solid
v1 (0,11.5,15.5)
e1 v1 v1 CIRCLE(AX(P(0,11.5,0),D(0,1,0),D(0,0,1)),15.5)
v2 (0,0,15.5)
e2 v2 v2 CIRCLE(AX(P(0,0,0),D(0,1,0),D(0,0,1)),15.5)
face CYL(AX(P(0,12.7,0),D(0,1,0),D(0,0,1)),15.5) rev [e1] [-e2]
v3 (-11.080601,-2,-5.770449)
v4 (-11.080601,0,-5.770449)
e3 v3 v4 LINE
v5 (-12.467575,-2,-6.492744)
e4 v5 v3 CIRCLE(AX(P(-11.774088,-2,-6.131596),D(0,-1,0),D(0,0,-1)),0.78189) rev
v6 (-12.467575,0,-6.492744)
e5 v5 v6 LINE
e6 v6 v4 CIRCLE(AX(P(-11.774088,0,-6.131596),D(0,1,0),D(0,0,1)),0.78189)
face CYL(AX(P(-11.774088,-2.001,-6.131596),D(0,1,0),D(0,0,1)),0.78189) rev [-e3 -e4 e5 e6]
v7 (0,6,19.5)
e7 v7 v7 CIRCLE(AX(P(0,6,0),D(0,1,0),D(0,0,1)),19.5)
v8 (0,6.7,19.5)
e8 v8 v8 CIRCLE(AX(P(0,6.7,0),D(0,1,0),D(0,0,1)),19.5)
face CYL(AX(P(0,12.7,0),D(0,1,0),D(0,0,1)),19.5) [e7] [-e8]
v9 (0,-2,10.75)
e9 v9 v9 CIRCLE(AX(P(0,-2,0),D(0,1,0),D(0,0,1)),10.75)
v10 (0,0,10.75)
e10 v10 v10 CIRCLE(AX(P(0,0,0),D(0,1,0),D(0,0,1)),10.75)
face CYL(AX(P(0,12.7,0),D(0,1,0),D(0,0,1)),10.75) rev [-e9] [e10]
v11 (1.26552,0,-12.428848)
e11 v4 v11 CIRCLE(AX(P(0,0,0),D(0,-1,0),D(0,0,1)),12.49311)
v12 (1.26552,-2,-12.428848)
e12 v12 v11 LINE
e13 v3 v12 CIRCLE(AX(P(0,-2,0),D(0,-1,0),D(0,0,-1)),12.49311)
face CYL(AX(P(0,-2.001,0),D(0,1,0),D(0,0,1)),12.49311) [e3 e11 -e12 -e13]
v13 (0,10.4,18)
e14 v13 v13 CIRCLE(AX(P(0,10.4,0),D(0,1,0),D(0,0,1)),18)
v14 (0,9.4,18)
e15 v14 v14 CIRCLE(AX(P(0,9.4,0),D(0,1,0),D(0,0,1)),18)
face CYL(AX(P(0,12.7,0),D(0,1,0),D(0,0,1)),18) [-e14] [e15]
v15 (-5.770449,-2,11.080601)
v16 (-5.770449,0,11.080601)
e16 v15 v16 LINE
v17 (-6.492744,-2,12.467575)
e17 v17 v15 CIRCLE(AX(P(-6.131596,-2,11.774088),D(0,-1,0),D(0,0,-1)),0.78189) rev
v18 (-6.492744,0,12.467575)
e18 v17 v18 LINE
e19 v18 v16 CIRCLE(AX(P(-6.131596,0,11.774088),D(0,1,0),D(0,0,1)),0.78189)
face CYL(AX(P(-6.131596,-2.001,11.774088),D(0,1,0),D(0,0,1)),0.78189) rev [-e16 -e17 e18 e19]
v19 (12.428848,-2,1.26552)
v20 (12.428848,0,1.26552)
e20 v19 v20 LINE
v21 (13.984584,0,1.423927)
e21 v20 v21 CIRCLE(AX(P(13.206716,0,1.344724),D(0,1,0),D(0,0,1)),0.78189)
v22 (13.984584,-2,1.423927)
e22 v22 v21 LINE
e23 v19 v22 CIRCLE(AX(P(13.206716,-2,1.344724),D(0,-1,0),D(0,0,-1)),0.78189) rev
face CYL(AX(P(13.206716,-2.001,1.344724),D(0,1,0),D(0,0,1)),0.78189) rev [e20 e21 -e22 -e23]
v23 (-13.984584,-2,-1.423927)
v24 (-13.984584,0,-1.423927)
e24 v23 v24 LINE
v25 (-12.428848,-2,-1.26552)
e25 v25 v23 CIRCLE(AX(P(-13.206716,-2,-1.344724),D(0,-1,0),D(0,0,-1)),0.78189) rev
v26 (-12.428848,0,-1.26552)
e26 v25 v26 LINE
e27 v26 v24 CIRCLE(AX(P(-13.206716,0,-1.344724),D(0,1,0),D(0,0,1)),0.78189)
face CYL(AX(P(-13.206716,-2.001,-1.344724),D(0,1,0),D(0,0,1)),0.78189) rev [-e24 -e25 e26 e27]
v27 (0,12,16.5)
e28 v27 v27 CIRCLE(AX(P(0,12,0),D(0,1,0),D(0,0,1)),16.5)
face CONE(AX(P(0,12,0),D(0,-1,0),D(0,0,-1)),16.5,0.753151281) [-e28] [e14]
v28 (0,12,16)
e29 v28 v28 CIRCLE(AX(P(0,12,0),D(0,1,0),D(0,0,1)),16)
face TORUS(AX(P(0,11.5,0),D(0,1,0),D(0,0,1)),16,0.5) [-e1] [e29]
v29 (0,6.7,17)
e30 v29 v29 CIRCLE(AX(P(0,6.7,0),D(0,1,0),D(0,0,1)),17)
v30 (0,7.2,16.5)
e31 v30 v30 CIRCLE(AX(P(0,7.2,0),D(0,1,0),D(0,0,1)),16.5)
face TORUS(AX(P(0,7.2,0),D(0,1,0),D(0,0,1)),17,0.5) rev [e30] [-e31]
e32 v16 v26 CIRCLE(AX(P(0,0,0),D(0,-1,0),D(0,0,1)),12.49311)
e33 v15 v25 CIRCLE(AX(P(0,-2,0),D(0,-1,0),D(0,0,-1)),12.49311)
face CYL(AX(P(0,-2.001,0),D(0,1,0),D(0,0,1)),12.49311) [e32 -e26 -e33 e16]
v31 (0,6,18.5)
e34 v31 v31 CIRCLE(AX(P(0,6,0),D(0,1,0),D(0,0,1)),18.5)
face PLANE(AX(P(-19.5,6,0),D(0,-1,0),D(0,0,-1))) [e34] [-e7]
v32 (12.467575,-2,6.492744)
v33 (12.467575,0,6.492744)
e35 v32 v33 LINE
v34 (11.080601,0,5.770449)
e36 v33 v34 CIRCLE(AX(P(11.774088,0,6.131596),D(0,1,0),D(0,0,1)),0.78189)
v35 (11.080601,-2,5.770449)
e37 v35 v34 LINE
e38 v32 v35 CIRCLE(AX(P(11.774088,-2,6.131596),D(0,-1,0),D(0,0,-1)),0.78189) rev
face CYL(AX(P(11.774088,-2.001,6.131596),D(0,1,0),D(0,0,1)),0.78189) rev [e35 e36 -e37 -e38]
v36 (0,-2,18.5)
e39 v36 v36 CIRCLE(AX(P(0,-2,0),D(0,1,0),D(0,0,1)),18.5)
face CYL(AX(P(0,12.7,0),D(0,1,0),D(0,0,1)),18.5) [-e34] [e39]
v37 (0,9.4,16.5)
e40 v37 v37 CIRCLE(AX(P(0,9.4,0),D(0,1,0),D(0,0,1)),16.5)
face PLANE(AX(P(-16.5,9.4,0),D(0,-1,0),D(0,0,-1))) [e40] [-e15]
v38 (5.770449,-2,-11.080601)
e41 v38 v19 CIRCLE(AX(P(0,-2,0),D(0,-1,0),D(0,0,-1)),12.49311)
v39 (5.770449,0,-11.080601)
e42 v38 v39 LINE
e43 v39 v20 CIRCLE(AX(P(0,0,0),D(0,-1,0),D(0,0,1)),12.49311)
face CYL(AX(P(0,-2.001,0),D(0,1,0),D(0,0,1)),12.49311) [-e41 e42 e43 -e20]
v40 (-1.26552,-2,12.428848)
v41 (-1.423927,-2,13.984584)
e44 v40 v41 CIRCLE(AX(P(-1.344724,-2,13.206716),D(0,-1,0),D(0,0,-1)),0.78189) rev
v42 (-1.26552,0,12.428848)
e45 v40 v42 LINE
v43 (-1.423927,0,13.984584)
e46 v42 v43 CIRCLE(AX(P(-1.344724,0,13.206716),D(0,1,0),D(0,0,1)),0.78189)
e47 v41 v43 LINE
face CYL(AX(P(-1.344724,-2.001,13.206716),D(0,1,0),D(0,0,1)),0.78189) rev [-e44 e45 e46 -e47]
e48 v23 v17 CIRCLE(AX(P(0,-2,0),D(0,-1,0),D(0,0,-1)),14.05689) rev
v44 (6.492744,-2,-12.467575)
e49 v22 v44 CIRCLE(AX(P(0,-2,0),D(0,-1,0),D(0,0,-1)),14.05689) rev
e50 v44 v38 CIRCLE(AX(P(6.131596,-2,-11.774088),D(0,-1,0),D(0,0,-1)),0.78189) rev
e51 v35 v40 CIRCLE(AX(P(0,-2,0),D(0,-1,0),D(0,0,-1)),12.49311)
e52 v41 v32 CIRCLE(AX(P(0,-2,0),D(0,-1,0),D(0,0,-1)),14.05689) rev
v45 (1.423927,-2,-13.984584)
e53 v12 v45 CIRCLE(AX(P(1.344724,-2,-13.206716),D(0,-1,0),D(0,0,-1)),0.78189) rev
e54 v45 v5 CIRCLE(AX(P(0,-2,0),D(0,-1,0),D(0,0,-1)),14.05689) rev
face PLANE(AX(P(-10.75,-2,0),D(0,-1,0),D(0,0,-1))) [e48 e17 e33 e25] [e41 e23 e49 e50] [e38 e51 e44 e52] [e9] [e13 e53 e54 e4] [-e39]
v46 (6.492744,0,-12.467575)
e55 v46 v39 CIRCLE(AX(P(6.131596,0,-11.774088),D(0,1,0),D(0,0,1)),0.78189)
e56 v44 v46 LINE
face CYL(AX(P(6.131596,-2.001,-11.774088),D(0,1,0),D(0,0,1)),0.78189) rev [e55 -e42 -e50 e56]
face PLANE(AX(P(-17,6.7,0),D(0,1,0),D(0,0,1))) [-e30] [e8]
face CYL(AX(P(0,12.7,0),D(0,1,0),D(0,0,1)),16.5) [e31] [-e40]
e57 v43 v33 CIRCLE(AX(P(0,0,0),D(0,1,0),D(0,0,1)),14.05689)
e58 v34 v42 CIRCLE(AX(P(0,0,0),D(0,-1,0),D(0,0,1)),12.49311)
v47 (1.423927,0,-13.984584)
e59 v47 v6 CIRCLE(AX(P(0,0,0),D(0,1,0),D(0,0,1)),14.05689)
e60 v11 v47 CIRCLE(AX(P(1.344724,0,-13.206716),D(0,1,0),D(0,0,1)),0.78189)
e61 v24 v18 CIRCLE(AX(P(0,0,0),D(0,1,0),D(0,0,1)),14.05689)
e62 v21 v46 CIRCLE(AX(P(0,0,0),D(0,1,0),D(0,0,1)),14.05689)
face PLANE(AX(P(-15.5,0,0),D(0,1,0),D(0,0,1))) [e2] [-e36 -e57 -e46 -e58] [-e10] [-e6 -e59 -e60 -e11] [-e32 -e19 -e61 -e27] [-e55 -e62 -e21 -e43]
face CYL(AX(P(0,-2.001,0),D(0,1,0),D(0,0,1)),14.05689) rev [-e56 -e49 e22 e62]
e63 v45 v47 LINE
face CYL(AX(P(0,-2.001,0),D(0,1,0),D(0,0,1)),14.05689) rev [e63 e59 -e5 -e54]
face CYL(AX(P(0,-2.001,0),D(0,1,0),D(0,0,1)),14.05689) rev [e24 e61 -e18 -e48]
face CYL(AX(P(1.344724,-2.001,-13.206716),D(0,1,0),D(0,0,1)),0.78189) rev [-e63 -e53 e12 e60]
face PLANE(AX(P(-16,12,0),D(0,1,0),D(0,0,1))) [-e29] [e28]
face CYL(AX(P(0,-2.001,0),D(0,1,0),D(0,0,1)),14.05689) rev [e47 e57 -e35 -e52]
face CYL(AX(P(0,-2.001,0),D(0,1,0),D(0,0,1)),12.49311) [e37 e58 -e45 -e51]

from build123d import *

# Parameters (mm, degrees)
CUT_EXTRUDE1_REACH = 4


with BuildPart() as part:
    # Sketch1 → Revolve1 (revolve)
    with BuildSketch(Plane.XY):
        with BuildLine():
            Line((-16.5, 9.4), (-18, 9.4))
            Line((-18, 9.4), (-18, 10.4))
            Line((-18, 10.4), (-16.5, 12))
            Line((-16.5, 12), (-16, 12))
            ThreePointArc((-16, 12), (-15.646446609, 11.853553391), (-15.5, 11.5))
            Line((-15.5, 11.5), (-15.5, 0))
            Line((-15.5, 0), (-10.75, 0))
            Line((-10.75, 0), (-10.75, -2))
            Line((-10.75, -2), (-18.5, -2))
            Line((-18.5, -2), (-18.5, 0))
            Line((-18.5, 0), (-18.5, 6))
            Line((-18.5, 6), (-19.5, 6))
            Line((-19.5, 6), (-19.5, 6.7))
            Line((-19.5, 6.7), (-17, 6.7))
            ThreePointArc((-17, 6.7), (-16.646446609, 6.846446609), (-16.5, 7.2))
            Line((-16.5, 7.2), (-16.5, 9.4))
        make_face()
    revolve(axis=Axis((0, 12.7, 0), (0, -1, 0)))

    # Sketch2 → Cut-Extrude1 (cut, up to next)
    with BuildSketch(Plane(origin=(0, 0, 0), x_dir=(1, 0, 0), z_dir=(0, 1, 0)), mode=Mode.PRIVATE) as cut_extrude1_sk1:
        with BuildLine():
            ThreePointArc((-13.984583698, 1.42392711), (-12.372295403, -6.672514973), (-6.49274382, -12.467575037))
            ThreePointArc((-6.49274382, -12.467575037), (-5.438109449, -12.135235565), (-5.770448921, -11.080601194))
            ThreePointArc((-5.770448921, -11.080601194), (-10.995921084, -5.930221166), (-12.42884798, 1.265520231))
            ThreePointArc((-12.42884798, 1.265520231), (-13.127512399, 2.12259153), (-13.984583698, 1.42392711))
        make_face()
    cut_extrude1_tool1 = extrude(cut_extrude1_sk1.sketch, amount=-CUT_EXTRUDE1_REACH, mode=Mode.PRIVATE) & part.part
    add(cut_extrude1_tool1.solids().sort_by_distance((-5.589512, 0, 12.05639))[0], mode=Mode.SUBTRACT)
    # Sketch2 → Cut-Extrude1 (cut, up to next)
    with BuildSketch(Plane(origin=(0, 0, 0), x_dir=(1, 0, 0), z_dir=(0, 1, 0)), mode=Mode.PRIVATE) as cut_extrude1_sk2:
        with BuildLine():
            ThreePointArc((1.42392711, 13.984583698), (-6.672514973, 12.372295403), (-12.467575037, 6.49274382))
            ThreePointArc((-12.467575037, 6.49274382), (-12.135235565, 5.438109449), (-11.080601194, 5.770448921))
            ThreePointArc((-11.080601194, 5.770448921), (-5.930221166, 10.995921084), (1.265520231, 12.42884798))
            ThreePointArc((1.265520231, 12.42884798), (2.12259153, 13.127512399), (1.42392711, 13.984583698))
        make_face()
    cut_extrude1_tool2 = extrude(cut_extrude1_sk2.sketch, amount=-CUT_EXTRUDE1_REACH, mode=Mode.PRIVATE) & part.part
    add(cut_extrude1_tool2.solids().sort_by_distance((-6.01125, 0, -11.146166))[0], mode=Mode.SUBTRACT)
    # Sketch2 → Cut-Extrude1 (cut, up to next)
    with BuildSketch(Plane(origin=(0, 0, 0), x_dir=(1, 0, 0), z_dir=(0, 1, 0)), mode=Mode.PRIVATE) as cut_extrude1_sk3:
        with BuildLine():
            ThreePointArc((13.984583698, -1.42392711), (12.372295403, 6.672514973), (6.49274382, 12.467575037))
            ThreePointArc((6.49274382, 12.467575037), (5.438109449, 12.135235565), (5.770448921, 11.080601194))
            ThreePointArc((5.770448921, 11.080601194), (10.995921084, 5.930221166), (12.42884798, -1.265520231))
            ThreePointArc((12.42884798, -1.265520231), (13.127512399, -2.12259153), (13.984583698, -1.42392711))
        make_face()
    cut_extrude1_tool3 = extrude(cut_extrude1_sk3.sketch, amount=-CUT_EXTRUDE1_REACH, mode=Mode.PRIVATE) & part.part
    add(cut_extrude1_tool3.solids().sort_by_distance((13.144804, 0, 1.952767))[0], mode=Mode.SUBTRACT)
    # Sketch2 → Cut-Extrude1 (cut, up to next)
    with BuildSketch(Plane(origin=(0, 0, 0), x_dir=(1, 0, 0), z_dir=(0, 1, 0)), mode=Mode.PRIVATE) as cut_extrude1_sk4:
        with BuildLine():
            ThreePointArc((-1.42392711, -13.984583698), (6.672514973, -12.372295403), (12.467575037, -6.49274382))
            ThreePointArc((12.467575037, -6.49274382), (12.135235565, -5.438109449), (11.080601194, -5.770448921))
            ThreePointArc((11.080601194, -5.770448921), (5.930221166, -10.995921084), (-1.265520231, -12.42884798))
            ThreePointArc((-1.265520231, -12.42884798), (-2.12259153, -13.127512399), (-1.42392711, -13.984583698))
        make_face()
    cut_extrude1_tool4 = extrude(cut_extrude1_sk4.sketch, amount=-CUT_EXTRUDE1_REACH, mode=Mode.PRIVATE) & part.part
    add(cut_extrude1_tool4.solids().sort_by_distance((6.01125, 0, 11.146166))[0], mode=Mode.SUBTRACT)


solid = part.part
